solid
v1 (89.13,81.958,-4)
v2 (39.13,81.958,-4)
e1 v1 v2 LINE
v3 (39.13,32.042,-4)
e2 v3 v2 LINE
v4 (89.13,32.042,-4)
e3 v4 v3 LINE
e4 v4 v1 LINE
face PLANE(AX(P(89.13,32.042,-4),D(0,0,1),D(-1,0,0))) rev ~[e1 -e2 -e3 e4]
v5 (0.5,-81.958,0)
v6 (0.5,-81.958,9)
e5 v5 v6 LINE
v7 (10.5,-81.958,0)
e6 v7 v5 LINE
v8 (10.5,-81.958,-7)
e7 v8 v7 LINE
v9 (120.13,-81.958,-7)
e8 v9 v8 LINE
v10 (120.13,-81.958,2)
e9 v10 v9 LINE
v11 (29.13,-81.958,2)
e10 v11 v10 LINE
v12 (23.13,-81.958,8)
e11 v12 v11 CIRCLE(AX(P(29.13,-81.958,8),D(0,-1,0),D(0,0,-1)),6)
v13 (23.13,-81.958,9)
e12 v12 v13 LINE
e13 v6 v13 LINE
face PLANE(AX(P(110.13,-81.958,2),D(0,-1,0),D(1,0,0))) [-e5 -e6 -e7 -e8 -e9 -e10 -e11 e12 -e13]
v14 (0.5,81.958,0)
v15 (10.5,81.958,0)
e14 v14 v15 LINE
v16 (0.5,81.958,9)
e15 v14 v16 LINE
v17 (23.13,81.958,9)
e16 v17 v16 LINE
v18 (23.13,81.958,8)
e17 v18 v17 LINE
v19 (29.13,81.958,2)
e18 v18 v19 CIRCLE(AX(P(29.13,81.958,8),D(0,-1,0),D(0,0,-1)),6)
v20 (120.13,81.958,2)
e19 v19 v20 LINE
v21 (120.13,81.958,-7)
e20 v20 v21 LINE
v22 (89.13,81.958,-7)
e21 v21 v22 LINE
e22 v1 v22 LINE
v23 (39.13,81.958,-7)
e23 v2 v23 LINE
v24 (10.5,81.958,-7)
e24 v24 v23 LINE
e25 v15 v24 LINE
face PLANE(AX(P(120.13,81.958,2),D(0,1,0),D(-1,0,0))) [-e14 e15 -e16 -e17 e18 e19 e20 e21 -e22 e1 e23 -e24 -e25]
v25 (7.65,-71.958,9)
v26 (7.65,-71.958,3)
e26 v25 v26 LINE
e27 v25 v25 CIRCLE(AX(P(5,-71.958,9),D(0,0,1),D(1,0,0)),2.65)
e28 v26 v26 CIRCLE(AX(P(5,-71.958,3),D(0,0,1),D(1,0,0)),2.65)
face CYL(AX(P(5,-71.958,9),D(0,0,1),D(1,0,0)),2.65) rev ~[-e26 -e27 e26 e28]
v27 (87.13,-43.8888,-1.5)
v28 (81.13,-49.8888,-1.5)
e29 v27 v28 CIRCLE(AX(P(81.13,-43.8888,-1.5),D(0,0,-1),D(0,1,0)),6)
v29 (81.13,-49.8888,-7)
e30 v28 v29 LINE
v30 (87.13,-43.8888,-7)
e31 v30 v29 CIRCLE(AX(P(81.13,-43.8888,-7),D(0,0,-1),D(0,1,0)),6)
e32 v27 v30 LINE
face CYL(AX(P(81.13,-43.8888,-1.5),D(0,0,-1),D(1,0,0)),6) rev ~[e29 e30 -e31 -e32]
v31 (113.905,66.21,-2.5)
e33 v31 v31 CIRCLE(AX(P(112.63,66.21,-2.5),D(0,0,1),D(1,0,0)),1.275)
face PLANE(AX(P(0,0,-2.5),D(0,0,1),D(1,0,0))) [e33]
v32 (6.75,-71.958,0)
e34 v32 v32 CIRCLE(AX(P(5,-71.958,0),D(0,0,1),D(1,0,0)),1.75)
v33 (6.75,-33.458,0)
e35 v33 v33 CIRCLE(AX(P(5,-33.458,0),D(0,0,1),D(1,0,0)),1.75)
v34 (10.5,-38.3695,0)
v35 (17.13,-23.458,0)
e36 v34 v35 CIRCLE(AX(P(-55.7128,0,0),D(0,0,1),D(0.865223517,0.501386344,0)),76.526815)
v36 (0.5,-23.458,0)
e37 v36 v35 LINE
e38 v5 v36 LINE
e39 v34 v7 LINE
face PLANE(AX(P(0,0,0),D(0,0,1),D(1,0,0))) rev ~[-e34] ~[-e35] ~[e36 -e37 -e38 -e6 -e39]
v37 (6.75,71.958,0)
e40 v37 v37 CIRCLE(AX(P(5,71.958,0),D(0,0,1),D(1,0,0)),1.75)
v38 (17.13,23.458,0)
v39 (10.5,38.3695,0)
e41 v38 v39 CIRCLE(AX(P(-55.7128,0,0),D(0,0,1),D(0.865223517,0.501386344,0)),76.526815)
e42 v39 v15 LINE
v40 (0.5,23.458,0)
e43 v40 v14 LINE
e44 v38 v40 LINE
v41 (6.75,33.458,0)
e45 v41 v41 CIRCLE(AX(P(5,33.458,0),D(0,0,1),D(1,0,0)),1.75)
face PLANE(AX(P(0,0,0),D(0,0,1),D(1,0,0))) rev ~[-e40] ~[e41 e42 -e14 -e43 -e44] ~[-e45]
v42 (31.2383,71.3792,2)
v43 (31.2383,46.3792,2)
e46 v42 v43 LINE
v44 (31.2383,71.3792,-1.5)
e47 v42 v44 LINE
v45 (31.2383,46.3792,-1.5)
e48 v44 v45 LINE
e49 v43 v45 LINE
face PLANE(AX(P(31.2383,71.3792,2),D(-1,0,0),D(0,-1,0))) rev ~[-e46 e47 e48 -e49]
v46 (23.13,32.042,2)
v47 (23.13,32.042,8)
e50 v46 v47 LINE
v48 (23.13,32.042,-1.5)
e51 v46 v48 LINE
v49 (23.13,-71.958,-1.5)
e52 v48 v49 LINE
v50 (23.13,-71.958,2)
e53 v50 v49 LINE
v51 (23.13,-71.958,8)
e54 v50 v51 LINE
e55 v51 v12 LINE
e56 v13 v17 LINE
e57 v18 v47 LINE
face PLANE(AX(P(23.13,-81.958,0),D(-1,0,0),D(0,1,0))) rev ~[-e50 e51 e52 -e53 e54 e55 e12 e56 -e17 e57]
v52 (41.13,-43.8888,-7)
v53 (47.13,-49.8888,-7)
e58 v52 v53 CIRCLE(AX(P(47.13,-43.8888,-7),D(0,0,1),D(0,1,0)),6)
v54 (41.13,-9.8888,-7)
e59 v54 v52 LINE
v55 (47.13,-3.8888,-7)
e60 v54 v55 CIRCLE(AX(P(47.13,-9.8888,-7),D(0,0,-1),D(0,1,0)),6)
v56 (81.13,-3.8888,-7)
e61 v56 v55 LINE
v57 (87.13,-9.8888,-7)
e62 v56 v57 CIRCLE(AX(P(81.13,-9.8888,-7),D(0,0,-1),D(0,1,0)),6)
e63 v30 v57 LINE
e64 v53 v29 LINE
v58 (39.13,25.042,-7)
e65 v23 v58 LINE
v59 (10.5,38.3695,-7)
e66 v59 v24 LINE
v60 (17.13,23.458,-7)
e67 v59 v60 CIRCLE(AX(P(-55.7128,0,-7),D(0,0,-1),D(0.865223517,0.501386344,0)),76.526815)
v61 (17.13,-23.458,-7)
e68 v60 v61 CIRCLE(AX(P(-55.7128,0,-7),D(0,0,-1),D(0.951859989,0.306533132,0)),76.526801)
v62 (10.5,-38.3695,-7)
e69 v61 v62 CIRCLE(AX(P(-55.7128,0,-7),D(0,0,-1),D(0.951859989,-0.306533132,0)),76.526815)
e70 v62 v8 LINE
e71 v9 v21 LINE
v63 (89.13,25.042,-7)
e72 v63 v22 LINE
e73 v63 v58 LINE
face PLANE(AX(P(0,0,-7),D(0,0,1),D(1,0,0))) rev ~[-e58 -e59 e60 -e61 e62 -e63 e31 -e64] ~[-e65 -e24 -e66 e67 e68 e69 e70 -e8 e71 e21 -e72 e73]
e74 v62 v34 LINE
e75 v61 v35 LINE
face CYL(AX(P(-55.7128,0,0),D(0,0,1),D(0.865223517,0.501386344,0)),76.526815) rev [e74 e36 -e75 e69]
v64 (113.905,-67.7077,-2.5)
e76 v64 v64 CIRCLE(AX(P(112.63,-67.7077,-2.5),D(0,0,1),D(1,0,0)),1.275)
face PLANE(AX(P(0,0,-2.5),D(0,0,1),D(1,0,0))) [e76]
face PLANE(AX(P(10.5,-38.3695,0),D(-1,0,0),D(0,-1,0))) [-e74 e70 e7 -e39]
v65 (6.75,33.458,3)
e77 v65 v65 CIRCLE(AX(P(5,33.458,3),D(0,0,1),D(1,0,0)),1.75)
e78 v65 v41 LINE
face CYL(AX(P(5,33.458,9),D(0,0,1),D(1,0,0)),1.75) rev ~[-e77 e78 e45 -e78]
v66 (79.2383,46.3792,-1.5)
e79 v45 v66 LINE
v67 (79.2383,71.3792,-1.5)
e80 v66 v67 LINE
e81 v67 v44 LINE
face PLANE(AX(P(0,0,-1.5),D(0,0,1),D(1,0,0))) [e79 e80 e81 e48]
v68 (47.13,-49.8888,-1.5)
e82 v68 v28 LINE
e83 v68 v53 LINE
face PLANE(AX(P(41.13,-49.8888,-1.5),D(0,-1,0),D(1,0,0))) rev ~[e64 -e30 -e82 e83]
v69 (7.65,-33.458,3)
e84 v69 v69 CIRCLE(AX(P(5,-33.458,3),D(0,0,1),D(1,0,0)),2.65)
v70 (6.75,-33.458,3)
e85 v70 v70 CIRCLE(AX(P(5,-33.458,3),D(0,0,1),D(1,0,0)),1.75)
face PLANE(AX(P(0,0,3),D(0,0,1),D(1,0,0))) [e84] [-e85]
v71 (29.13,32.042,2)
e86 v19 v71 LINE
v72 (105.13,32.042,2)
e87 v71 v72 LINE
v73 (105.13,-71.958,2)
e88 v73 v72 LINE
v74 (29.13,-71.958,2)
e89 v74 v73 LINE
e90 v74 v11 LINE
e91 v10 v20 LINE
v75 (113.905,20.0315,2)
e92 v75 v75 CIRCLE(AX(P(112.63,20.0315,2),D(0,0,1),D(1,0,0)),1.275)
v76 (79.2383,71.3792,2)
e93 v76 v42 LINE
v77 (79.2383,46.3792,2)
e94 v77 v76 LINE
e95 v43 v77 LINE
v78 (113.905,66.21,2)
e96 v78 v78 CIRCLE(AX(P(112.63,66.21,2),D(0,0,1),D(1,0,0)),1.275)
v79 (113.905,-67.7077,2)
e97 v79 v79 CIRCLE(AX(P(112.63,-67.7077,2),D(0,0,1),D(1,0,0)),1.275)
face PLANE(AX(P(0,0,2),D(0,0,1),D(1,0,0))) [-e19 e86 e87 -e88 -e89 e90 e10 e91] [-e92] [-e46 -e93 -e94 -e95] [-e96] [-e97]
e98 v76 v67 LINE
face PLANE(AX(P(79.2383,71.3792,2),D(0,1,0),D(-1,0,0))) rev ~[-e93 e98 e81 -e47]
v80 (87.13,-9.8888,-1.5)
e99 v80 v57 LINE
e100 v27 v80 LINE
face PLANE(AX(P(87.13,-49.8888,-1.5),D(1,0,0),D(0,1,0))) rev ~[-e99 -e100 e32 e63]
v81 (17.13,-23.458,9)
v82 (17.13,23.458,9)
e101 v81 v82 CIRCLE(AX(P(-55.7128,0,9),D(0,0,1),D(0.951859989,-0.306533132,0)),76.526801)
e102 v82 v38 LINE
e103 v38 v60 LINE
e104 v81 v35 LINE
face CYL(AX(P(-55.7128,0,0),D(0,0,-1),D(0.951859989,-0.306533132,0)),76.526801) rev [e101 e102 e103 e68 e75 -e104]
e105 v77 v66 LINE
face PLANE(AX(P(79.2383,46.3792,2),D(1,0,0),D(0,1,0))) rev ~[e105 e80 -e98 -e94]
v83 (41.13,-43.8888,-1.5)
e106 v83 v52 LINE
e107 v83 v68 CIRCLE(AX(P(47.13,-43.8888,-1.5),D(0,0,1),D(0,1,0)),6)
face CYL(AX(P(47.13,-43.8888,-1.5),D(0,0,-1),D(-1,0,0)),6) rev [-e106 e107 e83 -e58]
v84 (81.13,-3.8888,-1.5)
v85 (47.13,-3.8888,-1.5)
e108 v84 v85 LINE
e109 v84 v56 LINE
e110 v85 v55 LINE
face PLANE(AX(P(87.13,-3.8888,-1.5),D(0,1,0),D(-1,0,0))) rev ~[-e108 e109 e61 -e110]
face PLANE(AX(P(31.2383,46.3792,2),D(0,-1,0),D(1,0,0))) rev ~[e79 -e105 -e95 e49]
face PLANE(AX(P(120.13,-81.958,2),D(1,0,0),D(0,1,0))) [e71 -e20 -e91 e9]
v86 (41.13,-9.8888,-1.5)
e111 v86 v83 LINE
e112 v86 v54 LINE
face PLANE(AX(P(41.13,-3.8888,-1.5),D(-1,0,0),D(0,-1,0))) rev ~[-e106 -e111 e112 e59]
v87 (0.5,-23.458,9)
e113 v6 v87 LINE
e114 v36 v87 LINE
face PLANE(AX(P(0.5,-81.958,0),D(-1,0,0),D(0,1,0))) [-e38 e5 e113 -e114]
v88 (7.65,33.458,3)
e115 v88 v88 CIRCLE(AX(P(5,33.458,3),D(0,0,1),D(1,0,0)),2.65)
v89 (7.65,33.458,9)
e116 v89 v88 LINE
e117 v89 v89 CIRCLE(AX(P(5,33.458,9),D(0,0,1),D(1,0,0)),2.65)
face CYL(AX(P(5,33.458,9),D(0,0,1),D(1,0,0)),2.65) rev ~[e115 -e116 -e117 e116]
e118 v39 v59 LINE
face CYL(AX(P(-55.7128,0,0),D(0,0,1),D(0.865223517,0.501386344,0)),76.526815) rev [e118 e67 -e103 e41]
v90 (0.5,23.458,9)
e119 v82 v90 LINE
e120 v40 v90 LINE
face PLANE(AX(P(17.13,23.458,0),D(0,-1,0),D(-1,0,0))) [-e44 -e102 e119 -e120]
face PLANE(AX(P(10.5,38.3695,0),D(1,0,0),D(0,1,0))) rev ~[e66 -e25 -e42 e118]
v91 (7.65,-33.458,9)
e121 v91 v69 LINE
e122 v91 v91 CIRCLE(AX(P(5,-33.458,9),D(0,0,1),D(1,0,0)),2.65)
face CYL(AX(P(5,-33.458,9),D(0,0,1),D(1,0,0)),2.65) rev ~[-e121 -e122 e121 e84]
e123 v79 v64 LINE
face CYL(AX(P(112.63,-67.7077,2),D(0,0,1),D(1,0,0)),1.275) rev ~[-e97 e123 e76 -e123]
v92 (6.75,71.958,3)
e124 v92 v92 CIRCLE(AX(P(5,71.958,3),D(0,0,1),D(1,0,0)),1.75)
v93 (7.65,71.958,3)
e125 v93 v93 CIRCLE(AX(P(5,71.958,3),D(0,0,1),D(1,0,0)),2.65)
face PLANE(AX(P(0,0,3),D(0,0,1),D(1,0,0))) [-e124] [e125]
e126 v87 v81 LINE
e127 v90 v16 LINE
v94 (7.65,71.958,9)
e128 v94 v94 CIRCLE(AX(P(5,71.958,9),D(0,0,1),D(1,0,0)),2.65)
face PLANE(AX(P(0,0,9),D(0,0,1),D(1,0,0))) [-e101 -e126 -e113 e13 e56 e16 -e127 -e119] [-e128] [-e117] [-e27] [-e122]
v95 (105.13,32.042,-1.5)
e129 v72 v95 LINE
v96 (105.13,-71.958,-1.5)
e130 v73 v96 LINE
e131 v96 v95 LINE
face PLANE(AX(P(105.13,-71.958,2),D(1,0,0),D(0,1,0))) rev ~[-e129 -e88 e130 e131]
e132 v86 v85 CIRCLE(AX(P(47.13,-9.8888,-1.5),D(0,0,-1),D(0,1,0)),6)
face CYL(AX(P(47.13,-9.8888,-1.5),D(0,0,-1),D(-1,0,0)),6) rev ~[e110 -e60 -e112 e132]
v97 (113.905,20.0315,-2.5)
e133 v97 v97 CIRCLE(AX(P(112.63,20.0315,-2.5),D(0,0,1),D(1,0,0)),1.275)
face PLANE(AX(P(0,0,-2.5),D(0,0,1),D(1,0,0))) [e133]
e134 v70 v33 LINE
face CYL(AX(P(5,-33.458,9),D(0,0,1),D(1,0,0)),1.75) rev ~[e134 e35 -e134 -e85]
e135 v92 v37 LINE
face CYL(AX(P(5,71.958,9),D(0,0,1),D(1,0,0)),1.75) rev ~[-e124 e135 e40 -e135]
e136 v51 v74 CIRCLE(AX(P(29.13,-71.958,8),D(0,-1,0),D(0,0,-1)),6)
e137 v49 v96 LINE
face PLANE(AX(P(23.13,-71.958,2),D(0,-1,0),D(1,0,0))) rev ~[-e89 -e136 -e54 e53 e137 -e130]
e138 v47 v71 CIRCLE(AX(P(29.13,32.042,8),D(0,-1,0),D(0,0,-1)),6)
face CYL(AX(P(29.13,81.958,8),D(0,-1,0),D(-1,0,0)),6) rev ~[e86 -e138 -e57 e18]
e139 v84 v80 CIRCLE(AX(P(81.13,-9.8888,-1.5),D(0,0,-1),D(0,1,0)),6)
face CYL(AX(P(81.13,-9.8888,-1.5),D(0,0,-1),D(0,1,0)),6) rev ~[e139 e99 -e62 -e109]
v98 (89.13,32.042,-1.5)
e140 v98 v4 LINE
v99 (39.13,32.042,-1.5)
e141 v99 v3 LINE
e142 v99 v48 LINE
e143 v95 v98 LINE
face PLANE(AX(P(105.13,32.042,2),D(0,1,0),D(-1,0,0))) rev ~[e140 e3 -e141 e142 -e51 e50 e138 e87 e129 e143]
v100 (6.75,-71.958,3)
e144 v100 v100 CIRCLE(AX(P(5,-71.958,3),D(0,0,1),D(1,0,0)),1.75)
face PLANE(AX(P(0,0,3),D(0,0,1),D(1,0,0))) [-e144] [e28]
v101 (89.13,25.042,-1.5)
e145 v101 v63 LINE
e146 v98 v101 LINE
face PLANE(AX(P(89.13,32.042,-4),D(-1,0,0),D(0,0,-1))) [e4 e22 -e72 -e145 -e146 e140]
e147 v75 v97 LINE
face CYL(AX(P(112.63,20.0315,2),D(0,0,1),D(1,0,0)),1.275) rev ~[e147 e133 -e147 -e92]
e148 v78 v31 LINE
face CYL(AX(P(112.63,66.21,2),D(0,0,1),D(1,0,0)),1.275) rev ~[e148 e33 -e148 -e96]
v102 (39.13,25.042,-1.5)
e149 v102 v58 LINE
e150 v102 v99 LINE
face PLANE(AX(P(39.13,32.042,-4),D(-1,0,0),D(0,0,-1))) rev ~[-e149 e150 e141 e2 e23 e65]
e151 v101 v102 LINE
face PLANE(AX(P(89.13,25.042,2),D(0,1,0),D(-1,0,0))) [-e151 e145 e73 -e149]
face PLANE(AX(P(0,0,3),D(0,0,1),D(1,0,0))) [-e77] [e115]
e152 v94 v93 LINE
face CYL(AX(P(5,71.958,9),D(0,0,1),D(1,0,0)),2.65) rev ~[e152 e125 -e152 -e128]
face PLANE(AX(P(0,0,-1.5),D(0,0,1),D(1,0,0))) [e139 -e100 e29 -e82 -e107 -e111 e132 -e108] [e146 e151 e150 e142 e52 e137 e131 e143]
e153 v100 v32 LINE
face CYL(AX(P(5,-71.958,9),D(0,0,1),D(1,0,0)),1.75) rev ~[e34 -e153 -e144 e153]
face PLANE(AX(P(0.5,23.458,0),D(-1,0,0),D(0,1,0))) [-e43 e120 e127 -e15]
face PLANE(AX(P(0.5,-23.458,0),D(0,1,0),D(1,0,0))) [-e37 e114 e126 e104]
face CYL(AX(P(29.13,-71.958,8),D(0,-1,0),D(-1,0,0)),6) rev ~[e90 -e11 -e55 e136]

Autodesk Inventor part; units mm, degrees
ref_plane "YZ Plane" through (0, 0, 0) normal (1, 0, 0) x (0, 1, 0)
ref_plane "XZ Plane" through (0, 0, 0) normal (0, 1, 0) x (-1, 0, 0)
ref_plane "XY Plane" through (0, 0, 0) normal (0, 0, 1) x (1, 0, 0)
sketch "Sketch1" plane through (0, 0, 0) normal (0, 0, 1) x (1, 0, 0)
  line L0 (0, 0) -> (0, 22.958) construction
  line L1 (0, 0) -> (0, -22.958) construction
  line L2 (0, -22.958) -> (16.63, -22.958) construction
  line L3 (16.63, -22.958) -> (16.63, -81.958) construction
  line L4 (16.63, -81.958) -> (0, -81.958) construction
  line L5 (0, -81.958) -> (0, -22.958) construction
  line L6 (0, 22.958) -> (16.63, 22.958) construction
  line L7 (16.63, 22.958) -> (16.63, 81.958) construction
  line L8 (16.63, 81.958) -> (0, 81.958) construction
  line L9 (0, 81.958) -> (0, 22.958) construction
  line L10 (0, -52.458) -> (0.5, -52.458) construction
  line L11 (8.315, -22.958) -> (8.315, -23.458) construction
  line L12 (0, 0) -> (-53.686, 0) construction
  circle A0 centre (-53.686, 0) radius 74 construction
  line L13 (20.314, 0) -> (20.814, 0) construction
  line L14 (16.63, -22.958) -> (17.13, -22.958) construction
  line L15 (16.63, 22.958) -> (17.13, 22.958) construction
  line L16 (0.5, -23.458) -> (17.13, -23.458)
  line L17 (17.13, -23.458) -> (17.13, -81.958)
  line L18 (17.13, -81.958) -> (0.5, -81.958)
  line L19 (0.5, -81.958) -> (0.5, -23.458)
  line L20 (8.315, 22.958) -> (8.315, 23.458) construction
  line L21 (0.5, 81.958) -> (17.13, 81.958)
  line L22 (17.13, 81.958) -> (17.13, 23.458)
  line L23 (17.13, 23.458) -> (0.5, 23.458)
  line L24 (0.5, 23.458) -> (0.5, 81.958)
  arc A1 (17.13, -23.458) -> (17.13, 23.458) centre (-55.7128, 0) ccw
  line L25 (17.13, -81.958) -> (23.13, -81.958)
  line L26 (23.13, -81.958) -> (23.13, 81.958)
  line L27 (23.13, 81.958) -> (17.13, 81.958)
  dimension "d8" = 148
  dimension "d0" = 22.958
  dimension "d1" = 22.958
  dimension "d2" = 16.63
  dimension "d3" = 59
  dimension "d5" = 0.5
  dimension "d6" = 0.5
  dimension "d7" = 53.686
  dimension "d9" = 0.5
  dimension "d10" = 0.5
  dimension "d11" = 0.5
  dimension "d13" = 0.5
  dimension "d14" = 6
extrude "Extrusion1" add sketch "Sketch1" along normal blind 9
sketch "Sketch2" plane through (0, 0, 0) normal (0, 0, -1) x (-1, 0, 0)
  line L0 (-16.63, 22.958) -> (-16.63, 81.958) construction
  circle A0 centre (53.686, 0) radius 74 construction
  line L1 (-16.63, -22.958) -> (-16.63, -81.958) construction
  line L2 (-0.5, 23.458) -> (-17.13, 23.458) projected
  line L3 (-16.63, 23.458) -> (-16.63, 81.958)
  line L4 (-23.13, 81.958) -> (-0.5, 81.958) projected
  line L5 (-17.13, -23.458) -> (-0.5, -23.458) projected
  line L6 (-16.63, -23.458) -> (-16.63, -81.958)
  line L7 (-0.5, -81.958) -> (-23.13, -81.958) projected
  arc A1 (-17.13, 23.458) -> (-17.13, -23.458) centre (55.7128, 0) ccw projected
  arc A2 (-17.13, 23.458) -> (-17.13, -23.458) centre (55.7128, 0) ccw
  line L8 (-23.13, 81.958) -> (-110.13, 81.958)
  line L9 (-110.13, 81.958) -> (-110.13, -81.958)
  line L10 (-110.13, -81.958) -> (-23.13, -81.958)
  line L11 (-23.13, -81.958) -> (-23.13, 81.958)
  line L12 (0, 0) -> (-10.5, 0) construction
  line L13 (-0.5, -81.958) -> (-23.13, -81.958) projected
  arc A3 (-10.5, 38.3695) -> (-10.5, -38.3695) centre (55.7128, 0) ccw
  line L14 (-10.5, 38.3695) -> (-10.5, 81.958)
  line L15 (-10.5, -38.3695) -> (-10.5, -81.958)
  point P0 (-10, 81.958)
  dimension "d17" = 87
  dimension "d66" = 10.5
extrude "Extrusion2" add sketch "Sketch2" along normal blind 7 and the other way blind 2 contours A1 A3 L6 L7 L11 L4 L3 | L3 L4 L14 A3 | A3 L15 L7 L6 | L11 L10 L9 L8
sketch "Sketch3" plane through (0, 0, 9) normal (0, 0, 1) x (1, 0, 0)
  line L0 (0.5, -81.958) -> (23.13, -81.958) construction
  line L1 (0, -23.458) -> (10, -23.458) construction
  line L2 (10, -23.458) -> (10, -81.958) construction
  line L3 (10, -81.958) -> (0, -81.958) construction
  line L4 (0, -81.958) -> (0, -23.458) construction
  line L5 (0, 23.458) -> (10, 23.458) construction
  line L6 (0, 81.958) -> (0, 23.458) construction
  line L7 (5, -81.958) -> (5, -71.958) construction
  line L8 (17.13, -23.458) -> (0.5, -23.458) construction
  line L9 (5, -23.458) -> (5, -33.458) construction
  line L10 (5, -23.458) -> (15, -23.458) construction
  circle A0 centre (5, -71.958) radius 1.75
  circle A1 centre (5, -33.458) radius 1.75
  line L11 (-21.548, 0) -> (41.2165, 0) construction
  circle A2 centre (5, 71.958) radius 1.75
  circle A3 centre (5, 33.458) radius 1.75
  point P0 (0, 0)
  dimension "d20" = 10
  dimension "d21" = 10
  dimension "d22" = 10
  dimension "d24" = 3.5
  dimension "d25" = 3.5
extrude "Extrusion3" cut sketch "Sketch3" against normal up to surface (9 mm away)
sketch "Sketch4" plane through (0, 0, 9) normal (0, 0, 1) x (1, 0, 0)
  circle A0 centre (5, -71.958) radius 1.75 projected
  circle A1 centre (5, -71.958) radius 2.65
  circle A2 centre (5, -33.458) radius 1.75 projected
  circle A3 centre (5, -33.458) radius 2.65
  circle A4 centre (5, 33.458) radius 1.75 projected
  circle A5 centre (5, 33.458) radius 2.65
  circle A6 centre (5, 71.958) radius 1.75 projected
  circle A7 centre (5, 71.958) radius 2.65
  point P0 (0, 0)
  dimension "d28" = 5.3
  dimension "d29" = 5.3
extrude "Extrusion4" cut sketch "Sketch4" against normal blind 6 contours A0 | A1 | A2 | A3 | A4 | A5 | A6 | A7
sketch "Sketch5" plane through (0, 0, 2) normal (0, 0, 1) x (1, 0, 0)
  line L0 (23.13, -71.958) -> (105.13, -71.958)
  line L1 (105.13, -71.958) -> (105.13, 32.042)
  line L2 (105.13, 32.042) -> (23.13, 32.042)
  line L3 (23.13, 32.042) -> (23.13, -71.958)
  line L4 (31.2383, 46.3792) -> (79.2383, 46.3792)
  line L5 (79.2383, 46.3792) -> (79.2383, 71.3792)
  line L6 (79.2383, 71.3792) -> (31.2383, 71.3792)
  line L7 (31.2383, 71.3792) -> (31.2383, 46.3792)
  line L8 (23.13, -81.958) -> (23.13, 81.958) construction
  line L9 (23.13, -81.958) -> (23.13, 81.958) construction
  line L10 (23.13, -81.958) -> (23.13, -71.958) construction
  point P0 (0, 0)
  dimension "d34" = 82
  dimension "d35" = 104
  dimension "d36" = 48
  dimension "d37" = 25
  dimension "d38" = 10
extrude "Extrusion5" cut sketch "Sketch5" against normal blind 3.5
sketch "Sketch6" plane through (0, 0, 2) normal (0, 0, 1) x (1, 0, 0)
  line L0 (23.13, 32.042) -> (105.13, 32.042) projected
  line L1 (64.13, 32.042) -> (39.13, 32.042)
  line L2 (64.13, 32.042) -> (89.13, 32.042)
  line L3 (89.13, 32.042) -> (89.13, 25.042)
  line L4 (89.13, 25.042) -> (39.13, 25.042)
  line L5 (39.13, 25.042) -> (39.13, 32.042)
  point P0 (0, 0)
  dimension "d41" = 25
  dimension "d42" = 25
  dimension "d43" = 7
extrude "Extrusion6" cut sketch "Sketch6" against normal up to surface (9 mm away)
sketch "Sketch7" plane through (23.13, 32.042, 2) normal (0, -1, 0) x (1, 0, 0)
  line L0 (66, -9) -> (16, -9) projected
  line L1 (66, -3.5) -> (66, -9) projected
  line L2 (16, -9) -> (66, -9)
  line L3 (66, -9) -> (66, -6)
  line L4 (66, -6) -> (16, -6)
  line L5 (16, -6) -> (16, -9)
  point P0 (-23.13, -2)
  dimension "d46" = 3
extrude "Extrusion7" cut sketch "Sketch7" against normal up to surface (49.916 mm away)
sketch "Sketch8" plane through (0, 0, -1.5) normal (0, 0, 1) x (1, 0, 0)
  line L0 (41.13, -49.8888) -> (87.13, -49.8888)
  line L1 (87.13, -49.8888) -> (87.13, -3.8888)
  line L2 (87.13, -3.8888) -> (41.13, -3.8888)
  line L3 (41.13, -3.8888) -> (41.13, -49.8888)
  line L4 (41.13, -49.8888) -> (87.13, -3.8888) construction
  line L5 (87.13, -49.8888) -> (41.13, -3.8888) construction
  point P0 (0, 0)
  point P1 (64.13, -26.8888)
  dimension "d49" = 46
  dimension "d50" = 46
extrude "Extrusion8" cut sketch "Sketch8" against normal up to surface (5.5 mm away)
sketch "Sketch9" plane through (0, 0, 2) normal (0, 0, 1) x (1, 0, 0)
  line L0 (110.13, 81.958) -> (110.13, -81.958) projected
  line L1 (110.13, -81.958) -> (120.13, -81.958)
  line L2 (120.13, -81.958) -> (120.13, 81.958)
  line L3 (120.13, 81.958) -> (110.13, 81.958)
  line L4 (110.13, 81.958) -> (110.13, -81.958)
  point P0 (0, 0)
  dimension "d53" = 10
extrude "Extrusion9" add sketch "Sketch9" against normal blind 9
sketch "Sketch10" plane through (0, 0, 2) normal (0, 0, 1) x (1, 0, 0)
  line L0 (105.13, 32.042) -> (105.13, -71.958) construction
  line L1 (105.13, -71.958) -> (120.13, -71.958) construction
  line L2 (120.13, -81.958) -> (120.13, 81.958) construction
  circle A0 centre (112.63, -67.7077) radius 1.275
  circle A1 centre (112.63, 66.21) radius 1.275
  circle A2 centre (112.63, 20.0315) radius 1.275
  line L3 (23.13, -81.958) -> (120.13, -81.958) construction
  line L4 (112.63, 66.21) -> (112.63, 81.958) construction
  line L5 (89.13, 81.958) -> (120.13, 81.958) construction
  line L6 (112.63, 66.21) -> (112.63, 20.0315) construction
  line L7 (112.63, -67.7077) -> (112.63, -81.958) construction
  point P0 (0, 0)
  dimension "d56" = 2.55
  dimension "d57" = 2.55
  dimension "d58" = 2.55
  dimension "d60" = 15.748
  dimension "d61" = 46.1785
  dimension "d62" = 14.2503
extrude "Extrusion10" cut sketch "Sketch10" against normal blind 4.5
fillet "Fillet1" radius 6 6 edges at (41.13, -49.8888, -4.25) (41.13, -3.8888, -4.25) (87.13, -3.8888, -4.25) (87.13, -49.8888, -4.25) (23.13, -76.958, 2) (23.13, 57, 2)
properties part number "Base Extension 1"
